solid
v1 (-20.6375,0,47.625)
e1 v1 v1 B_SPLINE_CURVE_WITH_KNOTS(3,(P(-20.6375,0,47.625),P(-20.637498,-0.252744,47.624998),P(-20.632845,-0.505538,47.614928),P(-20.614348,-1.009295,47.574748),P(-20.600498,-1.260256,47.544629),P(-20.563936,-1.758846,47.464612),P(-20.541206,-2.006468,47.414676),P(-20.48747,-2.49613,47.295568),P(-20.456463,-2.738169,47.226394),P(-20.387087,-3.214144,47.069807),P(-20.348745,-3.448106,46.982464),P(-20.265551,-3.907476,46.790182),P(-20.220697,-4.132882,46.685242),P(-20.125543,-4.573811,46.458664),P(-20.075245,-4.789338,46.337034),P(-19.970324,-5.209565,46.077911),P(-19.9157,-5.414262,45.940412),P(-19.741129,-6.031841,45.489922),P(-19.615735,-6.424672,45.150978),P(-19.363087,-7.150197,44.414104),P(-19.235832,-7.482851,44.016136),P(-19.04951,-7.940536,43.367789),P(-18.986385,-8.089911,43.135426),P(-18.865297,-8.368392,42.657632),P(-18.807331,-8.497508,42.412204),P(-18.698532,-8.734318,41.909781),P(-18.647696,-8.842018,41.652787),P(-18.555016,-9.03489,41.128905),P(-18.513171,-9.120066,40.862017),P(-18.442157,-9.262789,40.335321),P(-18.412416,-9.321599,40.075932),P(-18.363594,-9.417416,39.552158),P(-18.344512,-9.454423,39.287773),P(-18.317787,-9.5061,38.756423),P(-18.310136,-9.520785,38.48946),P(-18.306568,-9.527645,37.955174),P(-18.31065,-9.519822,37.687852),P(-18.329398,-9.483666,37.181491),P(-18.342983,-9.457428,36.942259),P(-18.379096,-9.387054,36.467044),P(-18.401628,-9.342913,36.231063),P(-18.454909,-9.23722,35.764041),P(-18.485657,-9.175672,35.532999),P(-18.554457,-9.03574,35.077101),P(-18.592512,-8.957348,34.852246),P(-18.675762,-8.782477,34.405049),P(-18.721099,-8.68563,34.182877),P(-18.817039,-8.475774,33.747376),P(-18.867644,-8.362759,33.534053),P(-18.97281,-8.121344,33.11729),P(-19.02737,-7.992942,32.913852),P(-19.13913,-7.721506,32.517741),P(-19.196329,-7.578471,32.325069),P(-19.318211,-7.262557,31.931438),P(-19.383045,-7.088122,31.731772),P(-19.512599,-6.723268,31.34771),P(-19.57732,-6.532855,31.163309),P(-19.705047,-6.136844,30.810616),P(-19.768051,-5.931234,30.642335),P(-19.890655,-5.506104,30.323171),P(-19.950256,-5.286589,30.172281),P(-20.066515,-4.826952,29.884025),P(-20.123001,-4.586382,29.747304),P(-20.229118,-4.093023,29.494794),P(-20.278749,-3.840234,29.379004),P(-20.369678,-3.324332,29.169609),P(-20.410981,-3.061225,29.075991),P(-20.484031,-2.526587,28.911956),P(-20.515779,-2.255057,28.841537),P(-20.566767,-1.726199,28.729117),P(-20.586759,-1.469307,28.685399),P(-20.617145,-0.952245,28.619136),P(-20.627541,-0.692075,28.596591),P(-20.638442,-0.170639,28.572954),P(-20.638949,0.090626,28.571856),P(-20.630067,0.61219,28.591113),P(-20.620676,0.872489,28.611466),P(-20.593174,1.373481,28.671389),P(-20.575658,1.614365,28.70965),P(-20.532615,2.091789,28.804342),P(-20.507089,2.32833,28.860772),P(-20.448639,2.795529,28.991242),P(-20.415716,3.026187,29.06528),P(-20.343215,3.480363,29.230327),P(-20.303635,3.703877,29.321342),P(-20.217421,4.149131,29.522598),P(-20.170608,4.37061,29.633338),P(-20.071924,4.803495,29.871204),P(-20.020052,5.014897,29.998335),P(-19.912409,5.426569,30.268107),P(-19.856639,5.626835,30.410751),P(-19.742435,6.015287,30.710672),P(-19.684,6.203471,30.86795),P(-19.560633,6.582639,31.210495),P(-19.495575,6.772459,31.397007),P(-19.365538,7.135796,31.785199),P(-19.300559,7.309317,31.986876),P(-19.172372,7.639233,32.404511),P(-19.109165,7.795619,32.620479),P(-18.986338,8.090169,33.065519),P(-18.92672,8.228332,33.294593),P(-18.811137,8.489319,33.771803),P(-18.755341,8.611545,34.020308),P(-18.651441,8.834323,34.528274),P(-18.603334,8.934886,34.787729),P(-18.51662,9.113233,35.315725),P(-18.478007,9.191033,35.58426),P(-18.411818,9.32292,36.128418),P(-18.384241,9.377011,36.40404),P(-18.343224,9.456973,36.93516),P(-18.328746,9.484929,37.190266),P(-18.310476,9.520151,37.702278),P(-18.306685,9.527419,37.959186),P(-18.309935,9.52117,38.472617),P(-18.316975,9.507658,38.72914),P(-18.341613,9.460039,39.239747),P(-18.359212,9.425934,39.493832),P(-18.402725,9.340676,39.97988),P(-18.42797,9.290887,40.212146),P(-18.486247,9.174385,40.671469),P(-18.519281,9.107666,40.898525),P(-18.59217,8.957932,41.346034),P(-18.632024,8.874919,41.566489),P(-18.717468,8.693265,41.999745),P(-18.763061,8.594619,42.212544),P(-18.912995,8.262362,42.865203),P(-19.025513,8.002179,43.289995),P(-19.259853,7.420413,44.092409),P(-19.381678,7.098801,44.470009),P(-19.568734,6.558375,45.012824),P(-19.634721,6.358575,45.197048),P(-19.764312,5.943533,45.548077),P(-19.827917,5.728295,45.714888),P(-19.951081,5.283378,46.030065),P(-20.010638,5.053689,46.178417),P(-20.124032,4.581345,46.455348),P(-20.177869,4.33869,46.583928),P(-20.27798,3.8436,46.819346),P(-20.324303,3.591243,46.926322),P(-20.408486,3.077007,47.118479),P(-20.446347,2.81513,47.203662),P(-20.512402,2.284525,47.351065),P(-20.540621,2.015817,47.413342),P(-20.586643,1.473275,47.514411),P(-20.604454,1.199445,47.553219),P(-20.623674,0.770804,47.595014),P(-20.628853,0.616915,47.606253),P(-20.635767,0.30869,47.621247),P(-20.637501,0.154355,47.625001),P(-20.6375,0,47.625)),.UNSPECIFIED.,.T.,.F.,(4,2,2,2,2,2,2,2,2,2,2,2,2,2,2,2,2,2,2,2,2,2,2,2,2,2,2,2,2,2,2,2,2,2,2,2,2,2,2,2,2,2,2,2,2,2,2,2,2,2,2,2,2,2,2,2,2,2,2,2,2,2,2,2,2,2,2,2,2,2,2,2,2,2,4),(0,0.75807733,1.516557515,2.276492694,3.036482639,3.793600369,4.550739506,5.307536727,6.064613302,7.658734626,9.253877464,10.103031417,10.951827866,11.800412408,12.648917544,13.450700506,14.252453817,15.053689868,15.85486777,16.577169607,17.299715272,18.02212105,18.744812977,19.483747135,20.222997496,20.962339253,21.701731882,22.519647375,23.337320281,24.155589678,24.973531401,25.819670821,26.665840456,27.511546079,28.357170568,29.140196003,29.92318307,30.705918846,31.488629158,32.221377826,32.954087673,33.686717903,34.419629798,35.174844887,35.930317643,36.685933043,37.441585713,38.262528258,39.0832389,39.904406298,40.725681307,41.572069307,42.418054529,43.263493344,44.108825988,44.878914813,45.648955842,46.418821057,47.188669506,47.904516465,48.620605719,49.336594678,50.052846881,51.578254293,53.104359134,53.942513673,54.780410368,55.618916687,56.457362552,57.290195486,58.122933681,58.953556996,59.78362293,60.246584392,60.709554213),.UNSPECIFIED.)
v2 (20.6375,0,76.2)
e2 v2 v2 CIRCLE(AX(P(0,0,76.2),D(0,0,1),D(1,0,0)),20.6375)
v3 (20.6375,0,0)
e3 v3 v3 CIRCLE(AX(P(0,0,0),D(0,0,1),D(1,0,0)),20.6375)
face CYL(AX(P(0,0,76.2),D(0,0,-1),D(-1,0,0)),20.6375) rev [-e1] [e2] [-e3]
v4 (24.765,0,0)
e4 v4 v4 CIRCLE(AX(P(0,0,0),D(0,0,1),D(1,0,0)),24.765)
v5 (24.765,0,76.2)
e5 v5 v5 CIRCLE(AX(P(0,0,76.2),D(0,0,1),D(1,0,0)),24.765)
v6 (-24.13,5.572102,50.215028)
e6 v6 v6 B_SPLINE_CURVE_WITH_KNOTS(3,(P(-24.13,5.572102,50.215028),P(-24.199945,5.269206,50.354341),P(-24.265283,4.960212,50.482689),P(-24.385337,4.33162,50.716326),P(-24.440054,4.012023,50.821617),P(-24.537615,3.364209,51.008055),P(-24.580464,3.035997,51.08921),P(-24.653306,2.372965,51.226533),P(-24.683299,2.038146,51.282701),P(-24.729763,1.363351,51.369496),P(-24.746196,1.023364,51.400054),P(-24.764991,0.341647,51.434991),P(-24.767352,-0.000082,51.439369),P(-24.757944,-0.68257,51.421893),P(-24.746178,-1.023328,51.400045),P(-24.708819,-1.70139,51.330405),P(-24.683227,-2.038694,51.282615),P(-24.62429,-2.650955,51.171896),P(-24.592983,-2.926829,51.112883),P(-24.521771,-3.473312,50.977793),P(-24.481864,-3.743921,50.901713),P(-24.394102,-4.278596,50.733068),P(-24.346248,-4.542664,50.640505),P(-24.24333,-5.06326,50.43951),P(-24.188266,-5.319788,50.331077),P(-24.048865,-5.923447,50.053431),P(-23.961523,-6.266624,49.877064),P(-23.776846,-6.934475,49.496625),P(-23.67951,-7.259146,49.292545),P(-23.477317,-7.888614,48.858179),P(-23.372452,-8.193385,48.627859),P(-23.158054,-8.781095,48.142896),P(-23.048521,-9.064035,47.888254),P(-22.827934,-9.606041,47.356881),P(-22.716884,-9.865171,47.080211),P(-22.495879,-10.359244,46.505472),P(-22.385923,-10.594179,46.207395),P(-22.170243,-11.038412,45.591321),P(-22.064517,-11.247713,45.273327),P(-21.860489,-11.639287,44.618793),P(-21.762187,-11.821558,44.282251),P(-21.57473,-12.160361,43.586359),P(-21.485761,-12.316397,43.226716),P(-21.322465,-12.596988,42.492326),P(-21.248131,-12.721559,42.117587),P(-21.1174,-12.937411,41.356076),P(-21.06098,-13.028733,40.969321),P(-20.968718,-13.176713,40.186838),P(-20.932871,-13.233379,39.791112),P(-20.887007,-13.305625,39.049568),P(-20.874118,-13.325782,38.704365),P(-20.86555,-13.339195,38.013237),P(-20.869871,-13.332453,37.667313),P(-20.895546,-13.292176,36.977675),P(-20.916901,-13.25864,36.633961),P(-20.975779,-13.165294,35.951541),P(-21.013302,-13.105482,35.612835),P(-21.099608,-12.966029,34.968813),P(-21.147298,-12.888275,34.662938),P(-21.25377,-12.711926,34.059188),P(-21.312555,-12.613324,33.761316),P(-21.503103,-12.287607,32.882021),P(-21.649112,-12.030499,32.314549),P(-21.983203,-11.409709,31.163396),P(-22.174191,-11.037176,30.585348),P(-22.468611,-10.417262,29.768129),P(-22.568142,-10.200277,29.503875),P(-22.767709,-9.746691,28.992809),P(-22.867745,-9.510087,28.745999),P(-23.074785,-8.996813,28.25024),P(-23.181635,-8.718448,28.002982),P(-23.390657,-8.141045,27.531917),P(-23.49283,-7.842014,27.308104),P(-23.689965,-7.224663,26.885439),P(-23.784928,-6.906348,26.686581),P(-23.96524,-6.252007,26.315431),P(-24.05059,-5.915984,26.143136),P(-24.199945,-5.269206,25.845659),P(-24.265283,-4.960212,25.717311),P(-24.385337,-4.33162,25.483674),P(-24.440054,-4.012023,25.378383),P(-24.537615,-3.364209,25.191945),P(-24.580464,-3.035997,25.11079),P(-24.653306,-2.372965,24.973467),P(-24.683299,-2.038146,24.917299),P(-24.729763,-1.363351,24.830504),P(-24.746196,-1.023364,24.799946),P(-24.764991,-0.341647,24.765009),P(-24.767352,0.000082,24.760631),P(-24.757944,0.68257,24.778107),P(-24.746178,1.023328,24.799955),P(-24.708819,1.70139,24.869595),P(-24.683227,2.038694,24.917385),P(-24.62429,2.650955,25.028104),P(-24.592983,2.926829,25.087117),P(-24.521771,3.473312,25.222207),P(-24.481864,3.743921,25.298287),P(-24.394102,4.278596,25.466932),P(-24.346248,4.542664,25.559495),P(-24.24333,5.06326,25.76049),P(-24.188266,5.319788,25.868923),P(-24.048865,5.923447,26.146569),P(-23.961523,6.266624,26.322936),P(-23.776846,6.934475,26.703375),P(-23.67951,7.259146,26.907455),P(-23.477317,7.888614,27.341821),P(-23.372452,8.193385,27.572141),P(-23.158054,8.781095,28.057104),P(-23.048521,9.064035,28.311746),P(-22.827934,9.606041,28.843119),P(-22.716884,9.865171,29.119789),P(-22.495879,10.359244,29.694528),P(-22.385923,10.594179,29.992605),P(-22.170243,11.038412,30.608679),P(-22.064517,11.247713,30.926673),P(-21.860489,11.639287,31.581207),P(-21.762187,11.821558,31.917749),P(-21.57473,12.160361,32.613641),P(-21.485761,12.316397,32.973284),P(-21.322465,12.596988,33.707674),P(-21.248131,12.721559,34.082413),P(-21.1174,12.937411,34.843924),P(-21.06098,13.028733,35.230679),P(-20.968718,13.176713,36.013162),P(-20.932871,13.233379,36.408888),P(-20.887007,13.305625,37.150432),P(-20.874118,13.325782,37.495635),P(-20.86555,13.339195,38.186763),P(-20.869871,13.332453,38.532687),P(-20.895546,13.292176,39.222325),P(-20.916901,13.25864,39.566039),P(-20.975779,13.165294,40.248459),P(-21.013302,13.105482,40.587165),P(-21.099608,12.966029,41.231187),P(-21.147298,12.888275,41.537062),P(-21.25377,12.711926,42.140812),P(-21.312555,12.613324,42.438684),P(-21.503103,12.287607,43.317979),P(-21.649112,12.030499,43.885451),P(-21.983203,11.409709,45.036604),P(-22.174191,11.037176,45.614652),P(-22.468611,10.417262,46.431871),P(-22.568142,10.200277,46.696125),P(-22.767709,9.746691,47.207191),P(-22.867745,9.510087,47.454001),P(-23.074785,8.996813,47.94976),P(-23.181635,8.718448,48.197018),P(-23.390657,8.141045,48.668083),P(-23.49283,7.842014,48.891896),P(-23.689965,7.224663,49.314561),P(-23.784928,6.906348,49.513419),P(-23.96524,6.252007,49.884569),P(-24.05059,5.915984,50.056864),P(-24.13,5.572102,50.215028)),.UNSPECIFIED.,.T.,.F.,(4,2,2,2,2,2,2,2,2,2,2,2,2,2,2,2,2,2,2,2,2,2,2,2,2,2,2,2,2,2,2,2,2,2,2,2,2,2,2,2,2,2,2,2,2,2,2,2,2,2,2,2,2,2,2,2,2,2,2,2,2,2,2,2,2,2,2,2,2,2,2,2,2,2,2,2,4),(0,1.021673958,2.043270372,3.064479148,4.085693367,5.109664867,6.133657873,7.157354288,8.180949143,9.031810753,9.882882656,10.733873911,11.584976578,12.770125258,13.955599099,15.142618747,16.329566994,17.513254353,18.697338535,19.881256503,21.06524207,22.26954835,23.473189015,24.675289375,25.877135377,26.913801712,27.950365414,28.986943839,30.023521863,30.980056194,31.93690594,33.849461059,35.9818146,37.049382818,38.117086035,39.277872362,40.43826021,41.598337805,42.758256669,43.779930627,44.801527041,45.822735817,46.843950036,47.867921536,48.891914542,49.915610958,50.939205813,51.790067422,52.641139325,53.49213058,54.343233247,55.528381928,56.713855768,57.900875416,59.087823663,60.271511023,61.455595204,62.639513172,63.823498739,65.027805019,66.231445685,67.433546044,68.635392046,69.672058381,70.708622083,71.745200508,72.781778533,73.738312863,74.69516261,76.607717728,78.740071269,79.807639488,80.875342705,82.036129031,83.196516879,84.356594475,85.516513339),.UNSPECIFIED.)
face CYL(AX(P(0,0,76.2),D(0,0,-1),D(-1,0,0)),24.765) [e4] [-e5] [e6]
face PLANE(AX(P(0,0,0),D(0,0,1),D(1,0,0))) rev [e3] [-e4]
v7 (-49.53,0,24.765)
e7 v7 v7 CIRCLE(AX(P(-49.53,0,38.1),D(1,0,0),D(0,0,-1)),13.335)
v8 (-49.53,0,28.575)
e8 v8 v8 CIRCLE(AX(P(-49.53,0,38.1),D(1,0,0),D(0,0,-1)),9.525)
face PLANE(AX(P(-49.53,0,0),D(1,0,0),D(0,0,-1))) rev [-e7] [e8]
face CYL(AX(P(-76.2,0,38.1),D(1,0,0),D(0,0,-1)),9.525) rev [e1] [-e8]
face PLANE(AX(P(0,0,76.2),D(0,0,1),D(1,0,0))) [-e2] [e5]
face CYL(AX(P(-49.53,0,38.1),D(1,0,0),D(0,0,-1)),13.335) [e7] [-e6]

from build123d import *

# Parameters (mm, degrees)
SKETCH1_R           = 24.765
SKETCH1_R_2         = 20.6375
BOSS_EXTRUDE1_DEPTH = 76.2
SKETCH2_R           = 9.525
CUT_EXTRUDE1_DEPTH  = 76.2
SKETCH3_R           = 13.335
SKETCH3_R_2         = 9.525
BOSS_EXTRUDE2_DEPTH = 25.4
BOSS_EXTRUDE3_START = 3.4
SKETCH4_R           = 13.335
SKETCH4_R_2         = 9.525
BOSS_EXTRUDE3_DEPTH = 3.4


with BuildPart() as part:
    # Sketch1 → Boss-Extrude1 (new body)
    with BuildSketch(Plane.XY):
        with Locations(Location((0, 0, 0), (0, 0, 180))):
            Circle(SKETCH1_R)
        with Locations(Location((0, 0, 0), (0, 0, 180))):
            Circle(SKETCH1_R_2, mode=Mode.SUBTRACT)
    extrude(amount=BOSS_EXTRUDE1_DEPTH)

    # Sketch2 → Cut-Extrude1 (cut)
    with BuildSketch(Plane(origin=(0, 0, 0), x_dir=(0, 0, -1), z_dir=(1, 0, 0))):
        with Locations(Location((-38.1, 0, 0), (0, 0, 180))):
            Circle(SKETCH2_R)
    extrude(amount=-CUT_EXTRUDE1_DEPTH, mode=Mode.SUBTRACT)

    # Sketch3 → Boss-Extrude2 (add)
    with BuildSketch(Plane(origin=(-24.13, 0, 0), x_dir=(0, 0, -1), z_dir=(1, 0, 0))):
        with Locations((-38.1, 0)):
            Circle(SKETCH3_R)
        with Locations((-38.1, 0)):
            Circle(SKETCH3_R_2, mode=Mode.SUBTRACT)
    extrude(amount=-BOSS_EXTRUDE2_DEPTH)

    # Sketch4 → Boss-Extrude3 (add)
    with BuildSketch(Plane(origin=(-24.13, 0, 0), x_dir=(0, 0, -1), z_dir=(1, 0, 0)).offset(BOSS_EXTRUDE3_START)):
        with Locations((-38.1, 0)):
            Circle(SKETCH4_R)
        with Locations((-38.1, 0)):
            Circle(SKETCH4_R_2, mode=Mode.SUBTRACT)
    extrude(amount=-BOSS_EXTRUDE3_DEPTH)


solid = part.part
